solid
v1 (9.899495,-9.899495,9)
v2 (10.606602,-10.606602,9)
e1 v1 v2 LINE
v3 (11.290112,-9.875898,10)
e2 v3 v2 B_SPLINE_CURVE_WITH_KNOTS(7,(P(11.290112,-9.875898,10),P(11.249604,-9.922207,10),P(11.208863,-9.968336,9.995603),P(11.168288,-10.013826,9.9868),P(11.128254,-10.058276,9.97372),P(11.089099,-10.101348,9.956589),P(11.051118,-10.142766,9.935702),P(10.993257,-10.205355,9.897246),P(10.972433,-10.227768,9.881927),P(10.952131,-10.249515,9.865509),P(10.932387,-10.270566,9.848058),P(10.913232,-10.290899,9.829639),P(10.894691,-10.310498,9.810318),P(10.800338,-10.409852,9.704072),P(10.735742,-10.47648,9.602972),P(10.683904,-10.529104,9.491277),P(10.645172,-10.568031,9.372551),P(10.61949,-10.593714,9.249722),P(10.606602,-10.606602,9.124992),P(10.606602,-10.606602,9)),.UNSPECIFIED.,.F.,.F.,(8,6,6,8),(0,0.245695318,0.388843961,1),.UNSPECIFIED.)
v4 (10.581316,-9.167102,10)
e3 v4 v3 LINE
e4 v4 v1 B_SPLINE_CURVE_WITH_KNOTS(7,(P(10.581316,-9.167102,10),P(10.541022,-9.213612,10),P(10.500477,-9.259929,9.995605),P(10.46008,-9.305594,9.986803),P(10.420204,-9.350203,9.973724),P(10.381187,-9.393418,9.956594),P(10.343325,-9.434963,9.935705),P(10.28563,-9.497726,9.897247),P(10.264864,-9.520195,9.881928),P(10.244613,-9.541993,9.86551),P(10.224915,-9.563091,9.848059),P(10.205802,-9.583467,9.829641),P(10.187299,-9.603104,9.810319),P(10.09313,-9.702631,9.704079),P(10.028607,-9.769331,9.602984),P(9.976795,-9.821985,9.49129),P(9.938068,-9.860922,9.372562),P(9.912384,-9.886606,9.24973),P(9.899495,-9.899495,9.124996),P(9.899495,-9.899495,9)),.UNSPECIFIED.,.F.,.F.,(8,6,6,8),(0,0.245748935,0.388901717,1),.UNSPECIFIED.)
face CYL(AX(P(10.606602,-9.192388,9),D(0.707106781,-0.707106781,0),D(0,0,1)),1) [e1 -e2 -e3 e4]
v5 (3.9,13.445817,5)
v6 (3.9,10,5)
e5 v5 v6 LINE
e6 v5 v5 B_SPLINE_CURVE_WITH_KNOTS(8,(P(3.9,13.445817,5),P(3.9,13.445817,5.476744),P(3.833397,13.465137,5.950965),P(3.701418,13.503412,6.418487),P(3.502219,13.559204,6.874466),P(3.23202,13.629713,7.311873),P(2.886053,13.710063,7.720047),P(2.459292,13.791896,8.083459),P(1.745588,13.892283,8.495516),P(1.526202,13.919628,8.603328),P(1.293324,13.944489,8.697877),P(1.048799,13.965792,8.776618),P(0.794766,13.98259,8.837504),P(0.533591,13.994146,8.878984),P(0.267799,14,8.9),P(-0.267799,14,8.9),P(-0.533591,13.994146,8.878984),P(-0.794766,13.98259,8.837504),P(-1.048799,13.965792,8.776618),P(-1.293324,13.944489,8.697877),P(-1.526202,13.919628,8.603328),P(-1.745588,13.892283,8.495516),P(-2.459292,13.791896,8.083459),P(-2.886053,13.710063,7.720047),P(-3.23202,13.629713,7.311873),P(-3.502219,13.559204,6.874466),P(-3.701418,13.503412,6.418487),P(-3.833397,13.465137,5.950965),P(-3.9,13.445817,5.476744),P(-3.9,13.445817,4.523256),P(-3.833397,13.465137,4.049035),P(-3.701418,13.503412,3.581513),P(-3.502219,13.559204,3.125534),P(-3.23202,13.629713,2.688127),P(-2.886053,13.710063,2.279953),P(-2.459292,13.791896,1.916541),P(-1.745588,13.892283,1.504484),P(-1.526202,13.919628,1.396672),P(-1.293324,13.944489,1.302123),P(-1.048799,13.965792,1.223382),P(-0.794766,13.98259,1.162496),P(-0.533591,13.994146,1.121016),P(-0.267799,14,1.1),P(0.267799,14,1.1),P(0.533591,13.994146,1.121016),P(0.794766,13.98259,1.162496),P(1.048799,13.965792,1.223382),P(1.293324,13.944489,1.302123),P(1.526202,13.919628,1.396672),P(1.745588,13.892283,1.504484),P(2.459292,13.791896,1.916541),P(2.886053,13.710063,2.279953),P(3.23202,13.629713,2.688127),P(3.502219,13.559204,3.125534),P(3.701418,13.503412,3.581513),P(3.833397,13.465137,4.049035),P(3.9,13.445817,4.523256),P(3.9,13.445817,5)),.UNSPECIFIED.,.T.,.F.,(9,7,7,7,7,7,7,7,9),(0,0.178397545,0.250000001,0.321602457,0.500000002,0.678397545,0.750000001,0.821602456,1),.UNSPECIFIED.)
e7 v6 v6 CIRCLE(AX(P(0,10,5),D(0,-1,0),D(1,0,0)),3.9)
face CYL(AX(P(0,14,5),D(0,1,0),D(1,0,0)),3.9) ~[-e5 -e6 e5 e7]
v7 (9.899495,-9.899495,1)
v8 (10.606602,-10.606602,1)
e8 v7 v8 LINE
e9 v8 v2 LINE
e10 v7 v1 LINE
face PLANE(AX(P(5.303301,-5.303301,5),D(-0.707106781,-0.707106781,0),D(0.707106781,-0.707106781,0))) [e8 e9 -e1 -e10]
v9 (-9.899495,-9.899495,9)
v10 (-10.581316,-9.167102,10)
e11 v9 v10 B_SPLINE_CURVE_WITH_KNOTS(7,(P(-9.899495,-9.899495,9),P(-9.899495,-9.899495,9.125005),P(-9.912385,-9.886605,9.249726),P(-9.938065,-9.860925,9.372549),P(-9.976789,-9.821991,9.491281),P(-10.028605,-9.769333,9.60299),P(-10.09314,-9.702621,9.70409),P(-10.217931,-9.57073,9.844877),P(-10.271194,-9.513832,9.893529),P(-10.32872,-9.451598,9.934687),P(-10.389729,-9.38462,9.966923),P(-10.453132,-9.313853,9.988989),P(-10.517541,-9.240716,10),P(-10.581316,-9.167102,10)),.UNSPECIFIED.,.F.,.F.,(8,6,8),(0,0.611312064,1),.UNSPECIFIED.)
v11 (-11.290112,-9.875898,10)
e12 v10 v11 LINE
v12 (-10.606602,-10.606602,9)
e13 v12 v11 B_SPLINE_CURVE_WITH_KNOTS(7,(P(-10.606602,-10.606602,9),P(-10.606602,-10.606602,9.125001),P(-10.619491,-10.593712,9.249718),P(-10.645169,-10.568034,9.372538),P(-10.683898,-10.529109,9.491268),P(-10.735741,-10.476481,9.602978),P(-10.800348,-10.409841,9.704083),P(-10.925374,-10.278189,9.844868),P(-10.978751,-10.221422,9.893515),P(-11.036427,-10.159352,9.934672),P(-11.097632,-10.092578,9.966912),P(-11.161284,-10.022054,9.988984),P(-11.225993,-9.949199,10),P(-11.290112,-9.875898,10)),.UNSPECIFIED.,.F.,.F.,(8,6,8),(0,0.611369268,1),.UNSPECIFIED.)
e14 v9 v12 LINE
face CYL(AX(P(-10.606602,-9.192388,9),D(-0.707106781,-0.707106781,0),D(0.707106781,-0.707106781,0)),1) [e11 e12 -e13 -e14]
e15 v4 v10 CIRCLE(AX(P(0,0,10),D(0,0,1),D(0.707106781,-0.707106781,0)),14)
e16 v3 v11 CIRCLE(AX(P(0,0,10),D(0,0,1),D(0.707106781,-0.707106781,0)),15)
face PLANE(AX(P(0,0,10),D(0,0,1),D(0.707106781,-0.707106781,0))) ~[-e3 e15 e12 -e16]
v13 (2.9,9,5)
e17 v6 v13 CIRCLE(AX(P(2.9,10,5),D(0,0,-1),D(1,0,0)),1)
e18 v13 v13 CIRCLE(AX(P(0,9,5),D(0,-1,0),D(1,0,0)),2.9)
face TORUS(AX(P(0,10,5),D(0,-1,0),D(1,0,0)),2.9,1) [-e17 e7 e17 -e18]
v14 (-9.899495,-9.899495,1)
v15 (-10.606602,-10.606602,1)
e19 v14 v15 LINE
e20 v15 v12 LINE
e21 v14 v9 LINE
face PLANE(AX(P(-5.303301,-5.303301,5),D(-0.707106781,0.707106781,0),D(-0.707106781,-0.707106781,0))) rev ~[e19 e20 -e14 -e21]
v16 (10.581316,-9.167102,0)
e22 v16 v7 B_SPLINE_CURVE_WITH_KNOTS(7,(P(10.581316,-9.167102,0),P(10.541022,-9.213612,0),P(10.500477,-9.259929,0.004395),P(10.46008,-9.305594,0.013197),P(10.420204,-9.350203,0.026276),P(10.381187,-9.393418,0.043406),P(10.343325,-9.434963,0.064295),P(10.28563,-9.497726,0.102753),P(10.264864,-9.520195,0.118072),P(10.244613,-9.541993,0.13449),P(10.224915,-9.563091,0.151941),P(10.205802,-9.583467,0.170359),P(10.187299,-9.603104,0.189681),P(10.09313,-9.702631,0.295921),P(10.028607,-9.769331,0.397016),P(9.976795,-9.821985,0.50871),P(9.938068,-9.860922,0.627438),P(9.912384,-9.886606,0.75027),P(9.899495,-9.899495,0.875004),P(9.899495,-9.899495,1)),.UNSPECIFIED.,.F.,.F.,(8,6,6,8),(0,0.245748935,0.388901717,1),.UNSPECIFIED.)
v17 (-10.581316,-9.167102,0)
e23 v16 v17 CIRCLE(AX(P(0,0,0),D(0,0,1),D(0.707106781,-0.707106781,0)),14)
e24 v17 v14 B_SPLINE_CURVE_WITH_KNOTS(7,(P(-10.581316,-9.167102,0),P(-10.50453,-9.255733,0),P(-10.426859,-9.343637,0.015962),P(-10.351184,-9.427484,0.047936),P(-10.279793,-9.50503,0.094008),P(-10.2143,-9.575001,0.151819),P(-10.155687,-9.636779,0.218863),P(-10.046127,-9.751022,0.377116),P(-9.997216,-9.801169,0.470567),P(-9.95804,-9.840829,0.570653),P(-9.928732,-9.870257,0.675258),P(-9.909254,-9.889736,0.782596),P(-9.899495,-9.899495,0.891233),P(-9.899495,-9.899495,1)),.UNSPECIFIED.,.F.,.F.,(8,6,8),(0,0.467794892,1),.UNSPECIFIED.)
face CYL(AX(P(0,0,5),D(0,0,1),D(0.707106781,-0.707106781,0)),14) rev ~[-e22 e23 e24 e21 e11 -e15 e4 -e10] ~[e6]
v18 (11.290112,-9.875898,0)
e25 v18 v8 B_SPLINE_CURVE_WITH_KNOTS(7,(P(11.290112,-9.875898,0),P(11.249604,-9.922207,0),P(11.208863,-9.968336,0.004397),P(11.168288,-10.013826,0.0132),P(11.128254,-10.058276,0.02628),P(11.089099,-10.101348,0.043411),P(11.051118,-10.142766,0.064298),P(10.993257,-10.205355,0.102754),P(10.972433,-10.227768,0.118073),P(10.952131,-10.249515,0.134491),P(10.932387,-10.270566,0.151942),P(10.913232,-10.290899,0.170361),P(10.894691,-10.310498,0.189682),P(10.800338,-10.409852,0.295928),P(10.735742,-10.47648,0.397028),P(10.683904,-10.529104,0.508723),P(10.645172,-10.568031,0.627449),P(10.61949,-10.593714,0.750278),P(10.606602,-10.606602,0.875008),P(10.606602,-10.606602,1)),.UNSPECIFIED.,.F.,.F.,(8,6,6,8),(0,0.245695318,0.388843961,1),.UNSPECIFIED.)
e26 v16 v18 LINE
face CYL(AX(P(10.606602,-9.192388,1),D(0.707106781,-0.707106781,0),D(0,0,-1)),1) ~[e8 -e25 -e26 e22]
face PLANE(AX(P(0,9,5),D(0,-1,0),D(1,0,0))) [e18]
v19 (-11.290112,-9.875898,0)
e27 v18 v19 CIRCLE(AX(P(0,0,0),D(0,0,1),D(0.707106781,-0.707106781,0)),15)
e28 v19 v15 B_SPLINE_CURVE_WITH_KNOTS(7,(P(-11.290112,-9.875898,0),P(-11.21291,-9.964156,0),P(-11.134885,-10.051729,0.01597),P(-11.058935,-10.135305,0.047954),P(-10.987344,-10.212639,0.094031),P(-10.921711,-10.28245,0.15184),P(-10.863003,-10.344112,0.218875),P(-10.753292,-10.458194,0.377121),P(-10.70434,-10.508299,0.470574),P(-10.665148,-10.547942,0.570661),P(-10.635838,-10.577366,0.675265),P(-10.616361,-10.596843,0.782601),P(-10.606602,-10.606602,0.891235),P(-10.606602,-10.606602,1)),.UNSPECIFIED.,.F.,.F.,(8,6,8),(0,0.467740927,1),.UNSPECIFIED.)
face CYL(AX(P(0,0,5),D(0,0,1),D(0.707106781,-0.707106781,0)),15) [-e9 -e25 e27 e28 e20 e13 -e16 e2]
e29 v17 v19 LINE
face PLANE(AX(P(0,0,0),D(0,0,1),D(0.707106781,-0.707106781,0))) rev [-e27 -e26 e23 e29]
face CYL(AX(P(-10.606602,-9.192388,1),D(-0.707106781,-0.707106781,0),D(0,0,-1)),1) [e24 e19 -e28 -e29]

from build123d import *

# Parameters (mm, degrees)
CYLINDER_W        = 15
CYLINDER_H        = 10
CYLINDER_ANGLE    = 270
CYLINDER001_W     = 14
CYLINDER001_H     = 10
CYLINDER001_ANGLE = 270
CYLINDER002_R     = 3.9
CYLINDER002_DEPTH = 5
FILLET_R          = 1
FILLET001_R       = 1


with BuildPart() as part:
    # Cylinder → Cylinder (revolve)
    with BuildSketch(Plane(origin=(0, 0, 0), x_dir=(0.707107, -0.707107, 0), z_dir=(-0.707107, -0.707107, 0))):
        with Locations((7.5, 5)):
            Rectangle(CYLINDER_W, CYLINDER_H)
    revolve(axis=Axis((0, 0, 0), (0, 0, 1)), revolution_arc=CYLINDER_ANGLE)

    # Cylinder001 → Cylinder001 (revolve, cut)
    with BuildSketch(Plane(origin=(0, 0, 0), x_dir=(0.707107, -0.707107, 0), z_dir=(-0.707107, -0.707107, 0))):
        with Locations((7, 5)):
            Rectangle(CYLINDER001_W, CYLINDER001_H)
    revolve(axis=Axis((0, 0, 0), (0, 0, 1)), revolution_arc=CYLINDER001_ANGLE, mode=Mode.SUBTRACT)

    # Cylinder002 → Cylinder002 (join)
    with BuildSketch(Plane(origin=(0, 14, 5), x_dir=(1, 0, 0), z_dir=(0, -1, 0))):
        Circle(CYLINDER002_R)
    extrude(amount=CYLINDER002_DEPTH)

    # Fillet
    fillet_edges = [part.edges().sort_by_distance(p)[0] for p in [
        (-3.9, 9, 5),
    ]]
    fillet(fillet_edges, radius=FILLET_R)

    # Fillet001
    fillet001_edges = [part.edges().sort_by_distance(p)[0] for p in [
        (-10.253048, -10.253048, 10),
        (-10.253048, -10.253048, 0),
        (10.253048, -10.253048, 0),
        (10.253048, -10.253048, 10),
    ]]
    fillet(fillet001_edges, radius=FILLET001_R)


solid = part.part
